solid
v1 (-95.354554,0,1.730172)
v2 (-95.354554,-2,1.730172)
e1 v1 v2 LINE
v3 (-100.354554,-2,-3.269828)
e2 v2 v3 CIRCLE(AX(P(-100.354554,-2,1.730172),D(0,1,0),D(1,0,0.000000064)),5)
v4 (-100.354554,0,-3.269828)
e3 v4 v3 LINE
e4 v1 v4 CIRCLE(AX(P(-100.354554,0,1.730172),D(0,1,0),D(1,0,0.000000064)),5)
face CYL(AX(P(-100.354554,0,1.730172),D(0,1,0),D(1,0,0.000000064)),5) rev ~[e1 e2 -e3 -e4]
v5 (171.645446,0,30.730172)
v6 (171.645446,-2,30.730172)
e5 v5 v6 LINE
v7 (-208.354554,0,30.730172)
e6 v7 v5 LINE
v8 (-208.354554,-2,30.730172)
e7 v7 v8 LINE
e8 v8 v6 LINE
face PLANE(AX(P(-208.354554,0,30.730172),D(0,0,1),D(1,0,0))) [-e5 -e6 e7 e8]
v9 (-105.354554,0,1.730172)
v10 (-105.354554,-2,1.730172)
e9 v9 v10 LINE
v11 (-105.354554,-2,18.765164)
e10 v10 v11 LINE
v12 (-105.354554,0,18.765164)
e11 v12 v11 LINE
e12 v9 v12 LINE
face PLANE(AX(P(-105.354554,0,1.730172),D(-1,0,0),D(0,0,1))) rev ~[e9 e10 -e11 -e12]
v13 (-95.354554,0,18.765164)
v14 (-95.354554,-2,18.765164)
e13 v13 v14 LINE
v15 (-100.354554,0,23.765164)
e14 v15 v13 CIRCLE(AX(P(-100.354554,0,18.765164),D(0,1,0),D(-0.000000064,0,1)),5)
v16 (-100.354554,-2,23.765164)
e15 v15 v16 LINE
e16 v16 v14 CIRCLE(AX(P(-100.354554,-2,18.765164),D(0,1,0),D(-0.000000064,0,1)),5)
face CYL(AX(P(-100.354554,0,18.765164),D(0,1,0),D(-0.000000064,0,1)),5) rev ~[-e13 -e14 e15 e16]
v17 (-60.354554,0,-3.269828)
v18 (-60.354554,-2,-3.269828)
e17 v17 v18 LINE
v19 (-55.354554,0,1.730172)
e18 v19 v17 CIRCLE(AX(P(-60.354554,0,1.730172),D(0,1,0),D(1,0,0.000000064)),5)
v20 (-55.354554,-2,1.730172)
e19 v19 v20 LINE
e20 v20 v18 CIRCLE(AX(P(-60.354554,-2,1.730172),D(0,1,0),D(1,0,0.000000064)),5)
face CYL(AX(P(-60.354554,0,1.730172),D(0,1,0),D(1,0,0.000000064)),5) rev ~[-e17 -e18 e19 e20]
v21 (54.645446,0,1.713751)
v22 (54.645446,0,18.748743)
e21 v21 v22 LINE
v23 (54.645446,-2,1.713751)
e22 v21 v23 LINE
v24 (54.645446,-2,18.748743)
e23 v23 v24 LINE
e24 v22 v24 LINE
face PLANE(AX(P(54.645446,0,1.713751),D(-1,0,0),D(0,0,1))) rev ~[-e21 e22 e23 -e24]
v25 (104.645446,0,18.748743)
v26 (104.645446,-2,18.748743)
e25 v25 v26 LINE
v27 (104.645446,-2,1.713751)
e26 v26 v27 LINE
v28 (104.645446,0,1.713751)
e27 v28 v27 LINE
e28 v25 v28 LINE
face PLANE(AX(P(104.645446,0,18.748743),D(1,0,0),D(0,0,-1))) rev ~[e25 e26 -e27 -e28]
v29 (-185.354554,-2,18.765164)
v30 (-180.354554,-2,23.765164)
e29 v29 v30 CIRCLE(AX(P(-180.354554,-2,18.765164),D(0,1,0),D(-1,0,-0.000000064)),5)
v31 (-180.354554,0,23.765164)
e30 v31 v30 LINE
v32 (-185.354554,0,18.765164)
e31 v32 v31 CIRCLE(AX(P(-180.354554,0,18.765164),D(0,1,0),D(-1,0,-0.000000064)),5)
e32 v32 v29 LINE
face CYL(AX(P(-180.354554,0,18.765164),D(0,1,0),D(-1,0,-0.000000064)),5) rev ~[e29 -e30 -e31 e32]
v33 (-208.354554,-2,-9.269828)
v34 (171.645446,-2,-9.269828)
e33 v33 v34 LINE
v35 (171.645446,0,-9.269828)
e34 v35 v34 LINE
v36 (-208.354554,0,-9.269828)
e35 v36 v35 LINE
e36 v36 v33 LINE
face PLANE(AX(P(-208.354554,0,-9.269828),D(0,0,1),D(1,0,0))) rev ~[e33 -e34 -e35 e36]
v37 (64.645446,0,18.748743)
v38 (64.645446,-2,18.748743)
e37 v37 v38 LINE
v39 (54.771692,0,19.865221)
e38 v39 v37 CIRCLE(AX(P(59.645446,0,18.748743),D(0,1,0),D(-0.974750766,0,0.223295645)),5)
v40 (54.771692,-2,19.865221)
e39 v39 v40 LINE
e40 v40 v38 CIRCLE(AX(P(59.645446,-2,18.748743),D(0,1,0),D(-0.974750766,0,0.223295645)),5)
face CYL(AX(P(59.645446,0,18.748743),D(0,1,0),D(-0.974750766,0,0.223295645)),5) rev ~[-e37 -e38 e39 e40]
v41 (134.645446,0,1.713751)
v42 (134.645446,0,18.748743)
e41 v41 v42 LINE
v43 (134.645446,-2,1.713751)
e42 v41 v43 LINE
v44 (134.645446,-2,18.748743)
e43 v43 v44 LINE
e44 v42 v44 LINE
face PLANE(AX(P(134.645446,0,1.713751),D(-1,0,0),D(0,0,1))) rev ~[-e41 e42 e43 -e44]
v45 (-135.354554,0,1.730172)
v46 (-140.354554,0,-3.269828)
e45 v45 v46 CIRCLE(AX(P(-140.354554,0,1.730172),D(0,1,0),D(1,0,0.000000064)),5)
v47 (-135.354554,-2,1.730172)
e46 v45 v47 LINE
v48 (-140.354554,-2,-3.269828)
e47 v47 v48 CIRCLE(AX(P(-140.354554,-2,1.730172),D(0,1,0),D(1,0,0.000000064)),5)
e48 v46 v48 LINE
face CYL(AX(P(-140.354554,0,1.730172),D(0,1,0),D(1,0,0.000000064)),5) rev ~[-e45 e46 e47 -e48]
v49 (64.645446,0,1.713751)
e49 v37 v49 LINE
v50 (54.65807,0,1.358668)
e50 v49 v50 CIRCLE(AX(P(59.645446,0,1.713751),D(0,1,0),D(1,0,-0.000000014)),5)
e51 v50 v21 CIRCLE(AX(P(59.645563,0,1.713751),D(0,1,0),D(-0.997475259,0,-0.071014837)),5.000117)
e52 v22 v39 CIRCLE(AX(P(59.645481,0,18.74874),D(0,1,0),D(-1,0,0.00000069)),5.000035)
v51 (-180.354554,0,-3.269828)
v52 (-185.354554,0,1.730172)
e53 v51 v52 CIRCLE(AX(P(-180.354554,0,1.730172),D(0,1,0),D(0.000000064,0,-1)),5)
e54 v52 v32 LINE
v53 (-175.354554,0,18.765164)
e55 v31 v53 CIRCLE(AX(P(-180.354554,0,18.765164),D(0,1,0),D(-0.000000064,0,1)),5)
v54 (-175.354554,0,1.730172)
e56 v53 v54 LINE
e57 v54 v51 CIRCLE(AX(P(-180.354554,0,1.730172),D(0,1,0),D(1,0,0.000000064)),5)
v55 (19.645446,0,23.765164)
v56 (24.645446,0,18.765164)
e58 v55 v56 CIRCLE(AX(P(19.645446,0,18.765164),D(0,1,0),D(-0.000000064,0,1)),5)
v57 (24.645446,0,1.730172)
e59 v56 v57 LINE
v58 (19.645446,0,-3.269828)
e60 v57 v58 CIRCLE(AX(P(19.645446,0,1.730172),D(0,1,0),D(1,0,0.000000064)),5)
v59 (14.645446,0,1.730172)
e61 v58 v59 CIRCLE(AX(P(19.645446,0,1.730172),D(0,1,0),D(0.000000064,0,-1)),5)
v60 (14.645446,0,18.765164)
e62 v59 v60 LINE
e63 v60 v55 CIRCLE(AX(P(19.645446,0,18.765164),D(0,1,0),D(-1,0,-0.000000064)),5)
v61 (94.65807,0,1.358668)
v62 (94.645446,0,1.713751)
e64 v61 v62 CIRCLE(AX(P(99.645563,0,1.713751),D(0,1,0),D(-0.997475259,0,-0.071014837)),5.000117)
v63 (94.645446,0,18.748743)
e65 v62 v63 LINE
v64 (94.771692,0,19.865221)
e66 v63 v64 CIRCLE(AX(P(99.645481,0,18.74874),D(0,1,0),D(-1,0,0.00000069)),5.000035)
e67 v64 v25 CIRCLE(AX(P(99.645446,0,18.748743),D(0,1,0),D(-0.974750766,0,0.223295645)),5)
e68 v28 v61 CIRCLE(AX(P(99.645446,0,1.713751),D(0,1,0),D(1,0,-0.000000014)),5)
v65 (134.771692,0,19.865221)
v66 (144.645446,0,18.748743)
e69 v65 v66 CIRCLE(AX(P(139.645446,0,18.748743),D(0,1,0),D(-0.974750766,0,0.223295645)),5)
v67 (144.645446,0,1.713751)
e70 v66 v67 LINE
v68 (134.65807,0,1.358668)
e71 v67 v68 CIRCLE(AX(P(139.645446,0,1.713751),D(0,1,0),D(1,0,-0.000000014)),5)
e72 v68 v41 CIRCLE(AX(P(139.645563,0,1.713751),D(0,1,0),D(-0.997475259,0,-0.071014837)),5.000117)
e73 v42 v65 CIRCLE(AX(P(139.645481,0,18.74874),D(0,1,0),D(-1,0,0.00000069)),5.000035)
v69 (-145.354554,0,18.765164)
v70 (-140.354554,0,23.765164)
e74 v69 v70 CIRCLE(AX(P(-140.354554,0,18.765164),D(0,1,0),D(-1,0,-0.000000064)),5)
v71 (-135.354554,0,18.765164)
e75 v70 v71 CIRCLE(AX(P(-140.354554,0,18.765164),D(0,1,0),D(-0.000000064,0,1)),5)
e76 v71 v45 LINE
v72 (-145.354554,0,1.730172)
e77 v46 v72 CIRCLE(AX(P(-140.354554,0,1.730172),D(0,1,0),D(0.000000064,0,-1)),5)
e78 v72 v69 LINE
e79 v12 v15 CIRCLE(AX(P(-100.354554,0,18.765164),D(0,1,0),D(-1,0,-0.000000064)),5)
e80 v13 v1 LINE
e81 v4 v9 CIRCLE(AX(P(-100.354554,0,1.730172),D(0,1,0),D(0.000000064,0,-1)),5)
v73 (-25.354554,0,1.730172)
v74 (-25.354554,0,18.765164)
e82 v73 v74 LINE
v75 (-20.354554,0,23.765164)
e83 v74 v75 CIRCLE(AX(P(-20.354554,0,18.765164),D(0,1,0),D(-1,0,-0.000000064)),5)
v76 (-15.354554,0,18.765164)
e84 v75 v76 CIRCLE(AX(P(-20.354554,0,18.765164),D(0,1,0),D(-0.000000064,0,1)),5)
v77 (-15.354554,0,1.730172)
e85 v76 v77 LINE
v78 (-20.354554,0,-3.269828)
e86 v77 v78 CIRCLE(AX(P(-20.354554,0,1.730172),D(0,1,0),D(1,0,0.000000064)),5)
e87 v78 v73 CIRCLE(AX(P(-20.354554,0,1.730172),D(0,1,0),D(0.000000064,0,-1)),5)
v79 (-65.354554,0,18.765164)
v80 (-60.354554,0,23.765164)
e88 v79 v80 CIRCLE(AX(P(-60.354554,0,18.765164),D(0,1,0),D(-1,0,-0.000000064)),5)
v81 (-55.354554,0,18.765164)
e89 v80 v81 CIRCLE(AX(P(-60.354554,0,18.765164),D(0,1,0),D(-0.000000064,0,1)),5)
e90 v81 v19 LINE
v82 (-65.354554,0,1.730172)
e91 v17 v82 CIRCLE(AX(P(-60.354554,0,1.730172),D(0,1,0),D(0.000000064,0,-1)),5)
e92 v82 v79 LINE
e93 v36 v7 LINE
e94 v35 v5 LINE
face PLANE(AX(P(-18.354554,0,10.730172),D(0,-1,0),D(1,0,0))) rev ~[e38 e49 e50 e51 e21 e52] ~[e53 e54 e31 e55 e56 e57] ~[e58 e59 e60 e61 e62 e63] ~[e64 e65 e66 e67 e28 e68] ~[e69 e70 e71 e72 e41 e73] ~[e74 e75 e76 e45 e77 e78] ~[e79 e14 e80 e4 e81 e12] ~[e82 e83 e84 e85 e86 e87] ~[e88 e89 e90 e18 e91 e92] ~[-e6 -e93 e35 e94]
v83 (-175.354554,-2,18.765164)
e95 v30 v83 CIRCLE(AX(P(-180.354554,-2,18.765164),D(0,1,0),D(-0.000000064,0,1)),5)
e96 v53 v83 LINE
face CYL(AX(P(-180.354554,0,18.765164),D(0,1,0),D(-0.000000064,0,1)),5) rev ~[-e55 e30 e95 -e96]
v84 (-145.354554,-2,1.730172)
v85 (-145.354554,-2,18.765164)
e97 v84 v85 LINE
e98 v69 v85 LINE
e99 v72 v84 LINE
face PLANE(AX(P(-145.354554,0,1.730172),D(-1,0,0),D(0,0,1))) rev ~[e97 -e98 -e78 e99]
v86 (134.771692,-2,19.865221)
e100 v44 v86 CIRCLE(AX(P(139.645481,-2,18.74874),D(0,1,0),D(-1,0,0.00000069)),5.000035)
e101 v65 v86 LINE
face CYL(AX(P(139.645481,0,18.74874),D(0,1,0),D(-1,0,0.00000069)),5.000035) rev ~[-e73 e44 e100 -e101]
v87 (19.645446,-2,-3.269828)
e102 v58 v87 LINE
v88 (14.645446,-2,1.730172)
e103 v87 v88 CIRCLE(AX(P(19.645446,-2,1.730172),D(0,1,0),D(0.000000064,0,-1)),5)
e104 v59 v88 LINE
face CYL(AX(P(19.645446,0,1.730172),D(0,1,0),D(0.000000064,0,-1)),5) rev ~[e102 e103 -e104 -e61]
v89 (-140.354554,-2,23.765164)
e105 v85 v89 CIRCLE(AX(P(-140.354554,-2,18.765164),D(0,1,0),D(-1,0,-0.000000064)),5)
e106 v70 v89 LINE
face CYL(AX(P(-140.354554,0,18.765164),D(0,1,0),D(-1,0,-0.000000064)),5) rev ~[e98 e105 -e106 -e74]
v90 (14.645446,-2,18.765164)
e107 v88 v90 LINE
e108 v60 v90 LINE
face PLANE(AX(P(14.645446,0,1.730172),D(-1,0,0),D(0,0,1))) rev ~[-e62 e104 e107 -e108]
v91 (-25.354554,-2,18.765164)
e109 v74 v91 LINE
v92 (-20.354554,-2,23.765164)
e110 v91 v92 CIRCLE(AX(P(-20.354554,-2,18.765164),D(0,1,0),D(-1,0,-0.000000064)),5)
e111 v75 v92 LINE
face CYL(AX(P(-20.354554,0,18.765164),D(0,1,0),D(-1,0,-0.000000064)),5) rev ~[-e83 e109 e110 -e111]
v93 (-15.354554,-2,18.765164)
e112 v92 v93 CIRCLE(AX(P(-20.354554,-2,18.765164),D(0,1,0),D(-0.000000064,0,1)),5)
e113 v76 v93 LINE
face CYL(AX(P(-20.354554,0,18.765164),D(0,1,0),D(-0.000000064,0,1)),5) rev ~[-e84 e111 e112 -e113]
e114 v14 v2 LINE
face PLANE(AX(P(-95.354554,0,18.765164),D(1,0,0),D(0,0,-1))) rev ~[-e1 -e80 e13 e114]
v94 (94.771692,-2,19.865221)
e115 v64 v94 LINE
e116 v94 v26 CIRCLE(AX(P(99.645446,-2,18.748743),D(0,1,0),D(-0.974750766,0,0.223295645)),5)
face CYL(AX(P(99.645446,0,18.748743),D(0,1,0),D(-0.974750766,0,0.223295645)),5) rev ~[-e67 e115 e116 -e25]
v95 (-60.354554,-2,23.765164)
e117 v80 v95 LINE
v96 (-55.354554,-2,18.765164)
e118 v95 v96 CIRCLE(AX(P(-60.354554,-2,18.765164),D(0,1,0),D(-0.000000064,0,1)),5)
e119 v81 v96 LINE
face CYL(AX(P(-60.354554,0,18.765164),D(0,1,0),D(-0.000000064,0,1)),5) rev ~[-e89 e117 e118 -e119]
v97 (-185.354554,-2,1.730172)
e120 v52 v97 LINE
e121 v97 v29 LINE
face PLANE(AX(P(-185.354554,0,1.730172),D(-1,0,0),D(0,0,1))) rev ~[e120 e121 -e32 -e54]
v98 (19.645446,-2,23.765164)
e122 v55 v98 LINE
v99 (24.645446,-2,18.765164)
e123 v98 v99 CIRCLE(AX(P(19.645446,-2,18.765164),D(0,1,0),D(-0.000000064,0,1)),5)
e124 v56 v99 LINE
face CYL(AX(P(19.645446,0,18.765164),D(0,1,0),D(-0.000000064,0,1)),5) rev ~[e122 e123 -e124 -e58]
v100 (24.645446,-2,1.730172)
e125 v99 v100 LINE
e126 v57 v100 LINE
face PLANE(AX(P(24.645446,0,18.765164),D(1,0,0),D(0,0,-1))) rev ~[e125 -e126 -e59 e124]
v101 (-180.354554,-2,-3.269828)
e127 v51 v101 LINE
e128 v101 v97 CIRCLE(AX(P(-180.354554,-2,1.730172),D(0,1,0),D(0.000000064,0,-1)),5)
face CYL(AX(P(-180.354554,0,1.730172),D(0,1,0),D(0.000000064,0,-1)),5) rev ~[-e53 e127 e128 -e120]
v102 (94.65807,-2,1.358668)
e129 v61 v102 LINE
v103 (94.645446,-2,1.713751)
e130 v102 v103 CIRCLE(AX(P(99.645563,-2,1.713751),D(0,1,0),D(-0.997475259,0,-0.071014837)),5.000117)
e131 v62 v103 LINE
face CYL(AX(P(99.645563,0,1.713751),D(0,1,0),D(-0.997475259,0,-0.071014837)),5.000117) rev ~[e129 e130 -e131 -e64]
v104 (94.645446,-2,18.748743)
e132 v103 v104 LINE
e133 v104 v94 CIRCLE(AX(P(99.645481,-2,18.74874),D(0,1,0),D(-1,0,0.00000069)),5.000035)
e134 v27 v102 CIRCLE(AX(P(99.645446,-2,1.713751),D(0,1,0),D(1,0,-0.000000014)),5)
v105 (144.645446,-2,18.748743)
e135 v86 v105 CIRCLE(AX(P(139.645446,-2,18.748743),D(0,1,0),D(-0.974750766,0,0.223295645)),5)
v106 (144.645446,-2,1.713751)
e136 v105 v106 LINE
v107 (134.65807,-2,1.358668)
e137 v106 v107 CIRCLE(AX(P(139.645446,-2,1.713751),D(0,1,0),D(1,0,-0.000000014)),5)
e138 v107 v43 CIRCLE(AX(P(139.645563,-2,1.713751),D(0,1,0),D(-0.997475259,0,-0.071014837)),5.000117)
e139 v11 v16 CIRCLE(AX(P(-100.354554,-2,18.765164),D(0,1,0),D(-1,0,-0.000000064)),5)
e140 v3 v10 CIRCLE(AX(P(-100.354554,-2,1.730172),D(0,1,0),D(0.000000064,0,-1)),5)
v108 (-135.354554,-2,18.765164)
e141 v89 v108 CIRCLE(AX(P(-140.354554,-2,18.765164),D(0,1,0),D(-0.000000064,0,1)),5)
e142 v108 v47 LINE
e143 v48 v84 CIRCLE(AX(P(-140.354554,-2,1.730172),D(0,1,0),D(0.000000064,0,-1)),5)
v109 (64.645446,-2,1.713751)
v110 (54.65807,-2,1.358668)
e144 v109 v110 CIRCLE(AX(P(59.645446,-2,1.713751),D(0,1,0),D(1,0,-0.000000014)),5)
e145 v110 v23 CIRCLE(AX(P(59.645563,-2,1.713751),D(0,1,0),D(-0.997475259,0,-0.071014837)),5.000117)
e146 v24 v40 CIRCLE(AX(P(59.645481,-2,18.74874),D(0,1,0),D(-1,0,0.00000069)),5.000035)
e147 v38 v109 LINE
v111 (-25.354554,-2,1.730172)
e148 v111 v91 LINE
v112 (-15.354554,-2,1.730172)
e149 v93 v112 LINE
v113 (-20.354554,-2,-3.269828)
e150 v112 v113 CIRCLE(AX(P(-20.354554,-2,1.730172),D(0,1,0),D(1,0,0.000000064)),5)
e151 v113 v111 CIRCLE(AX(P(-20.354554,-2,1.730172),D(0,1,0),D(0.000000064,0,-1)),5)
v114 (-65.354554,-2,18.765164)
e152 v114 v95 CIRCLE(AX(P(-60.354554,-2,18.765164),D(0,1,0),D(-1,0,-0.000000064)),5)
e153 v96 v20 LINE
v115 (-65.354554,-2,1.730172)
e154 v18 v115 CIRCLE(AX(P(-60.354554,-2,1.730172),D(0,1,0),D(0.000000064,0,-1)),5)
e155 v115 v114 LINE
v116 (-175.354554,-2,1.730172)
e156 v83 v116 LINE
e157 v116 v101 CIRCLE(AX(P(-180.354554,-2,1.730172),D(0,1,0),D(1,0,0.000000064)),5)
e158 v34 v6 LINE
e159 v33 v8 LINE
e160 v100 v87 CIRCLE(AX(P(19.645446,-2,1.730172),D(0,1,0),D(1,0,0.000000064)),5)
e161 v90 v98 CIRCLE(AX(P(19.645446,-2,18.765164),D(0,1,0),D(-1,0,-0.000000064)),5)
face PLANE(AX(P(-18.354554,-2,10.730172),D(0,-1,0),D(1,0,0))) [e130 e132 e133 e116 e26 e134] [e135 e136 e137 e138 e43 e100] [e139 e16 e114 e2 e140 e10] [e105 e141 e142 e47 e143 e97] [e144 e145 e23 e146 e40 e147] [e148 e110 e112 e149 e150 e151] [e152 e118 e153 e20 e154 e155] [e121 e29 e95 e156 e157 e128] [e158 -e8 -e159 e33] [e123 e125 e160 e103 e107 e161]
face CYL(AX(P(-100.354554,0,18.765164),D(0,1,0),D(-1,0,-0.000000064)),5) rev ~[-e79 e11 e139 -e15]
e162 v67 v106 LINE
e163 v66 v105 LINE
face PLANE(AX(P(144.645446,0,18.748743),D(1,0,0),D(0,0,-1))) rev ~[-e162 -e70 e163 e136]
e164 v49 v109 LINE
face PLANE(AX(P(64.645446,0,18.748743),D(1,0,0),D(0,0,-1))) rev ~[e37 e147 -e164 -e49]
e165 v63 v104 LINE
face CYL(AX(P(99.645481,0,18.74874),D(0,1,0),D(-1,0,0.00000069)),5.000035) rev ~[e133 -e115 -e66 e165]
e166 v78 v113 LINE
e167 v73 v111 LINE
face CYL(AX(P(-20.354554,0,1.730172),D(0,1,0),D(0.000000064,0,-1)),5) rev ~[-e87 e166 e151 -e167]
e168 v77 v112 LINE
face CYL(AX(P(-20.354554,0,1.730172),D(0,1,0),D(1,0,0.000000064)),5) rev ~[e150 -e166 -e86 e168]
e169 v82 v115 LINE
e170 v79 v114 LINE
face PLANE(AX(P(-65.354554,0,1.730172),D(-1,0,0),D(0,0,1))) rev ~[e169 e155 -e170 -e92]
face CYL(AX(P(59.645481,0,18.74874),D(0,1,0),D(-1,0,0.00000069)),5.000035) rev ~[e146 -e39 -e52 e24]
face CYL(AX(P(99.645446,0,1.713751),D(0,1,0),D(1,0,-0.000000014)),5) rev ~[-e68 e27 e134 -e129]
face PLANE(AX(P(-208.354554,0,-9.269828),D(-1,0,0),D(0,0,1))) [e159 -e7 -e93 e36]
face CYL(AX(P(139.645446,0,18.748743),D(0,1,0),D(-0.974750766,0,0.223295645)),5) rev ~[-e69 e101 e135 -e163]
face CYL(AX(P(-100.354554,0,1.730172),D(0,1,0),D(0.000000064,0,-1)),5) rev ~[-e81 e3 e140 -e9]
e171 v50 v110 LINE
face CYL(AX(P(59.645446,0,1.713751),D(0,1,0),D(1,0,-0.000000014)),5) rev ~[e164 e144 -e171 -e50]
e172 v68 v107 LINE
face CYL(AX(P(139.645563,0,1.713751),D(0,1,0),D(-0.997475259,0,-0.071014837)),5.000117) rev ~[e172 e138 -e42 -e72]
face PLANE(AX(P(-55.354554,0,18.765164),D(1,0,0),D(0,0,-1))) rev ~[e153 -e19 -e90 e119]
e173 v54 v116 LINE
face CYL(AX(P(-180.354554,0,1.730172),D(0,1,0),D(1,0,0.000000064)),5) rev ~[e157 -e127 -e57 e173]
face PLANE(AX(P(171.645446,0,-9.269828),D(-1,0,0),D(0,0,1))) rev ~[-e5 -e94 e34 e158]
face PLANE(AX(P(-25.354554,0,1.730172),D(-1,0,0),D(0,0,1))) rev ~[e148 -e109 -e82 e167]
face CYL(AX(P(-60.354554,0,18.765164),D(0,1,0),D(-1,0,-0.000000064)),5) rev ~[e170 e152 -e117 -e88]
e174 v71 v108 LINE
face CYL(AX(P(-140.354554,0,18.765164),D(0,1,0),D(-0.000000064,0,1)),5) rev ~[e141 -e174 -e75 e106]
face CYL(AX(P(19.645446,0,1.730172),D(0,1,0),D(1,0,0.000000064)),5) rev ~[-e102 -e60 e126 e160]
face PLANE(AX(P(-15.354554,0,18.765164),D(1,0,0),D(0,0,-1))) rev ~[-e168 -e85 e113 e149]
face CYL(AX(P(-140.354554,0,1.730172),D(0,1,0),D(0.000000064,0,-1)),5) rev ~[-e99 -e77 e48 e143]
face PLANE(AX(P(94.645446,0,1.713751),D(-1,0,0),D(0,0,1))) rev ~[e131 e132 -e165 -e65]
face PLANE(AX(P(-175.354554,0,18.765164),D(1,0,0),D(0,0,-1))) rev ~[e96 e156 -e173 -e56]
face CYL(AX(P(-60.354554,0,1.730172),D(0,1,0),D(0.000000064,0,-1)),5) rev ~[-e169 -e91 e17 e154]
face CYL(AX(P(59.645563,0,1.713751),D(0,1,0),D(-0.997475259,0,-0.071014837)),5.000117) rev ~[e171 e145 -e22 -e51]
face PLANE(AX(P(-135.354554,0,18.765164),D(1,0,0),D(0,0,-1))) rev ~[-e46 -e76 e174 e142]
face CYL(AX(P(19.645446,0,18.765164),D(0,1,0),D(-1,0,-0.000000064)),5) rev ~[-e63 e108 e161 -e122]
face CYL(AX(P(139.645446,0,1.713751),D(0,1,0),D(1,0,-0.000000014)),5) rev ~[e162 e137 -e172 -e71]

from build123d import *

# Parameters (mm, degrees)
F0_W     = 380
F0_H     = 40
F1_DEPTH = 2


with BuildPart() as f1:
    # F0 (on Front) → F1 (new body)
    with BuildSketch(Plane.XZ):
        with Locations((-18.354554, 10.730172)):
            Rectangle(F0_W, F0_H)
        with BuildLine():
            ThreePointArc((-180.354554, 23.765164), (-176.81902, 22.300698), (-175.354554, 18.765164))
            Line((-175.354554, 18.765164), (-175.354554, 1.730172))
            ThreePointArc((-175.354554, 1.730172), (-176.81902, -1.805362), (-180.354554, -3.269828))
            ThreePointArc((-180.354554, -3.269828), (-183.890088, -1.805362), (-185.354554, 1.730172))
            Line((-185.354554, 1.730172), (-185.354554, 18.765164))
            ThreePointArc((-185.354554, 18.765164), (-183.890088, 22.300698), (-180.354554, 23.765164))
        make_face(mode=Mode.SUBTRACT)
        with BuildLine():
            ThreePointArc((-140.354554, 23.765164), (-136.81902, 22.300698), (-135.354554, 18.765164))
            Line((-135.354554, 18.765164), (-135.354554, 1.730172))
            ThreePointArc((-135.354554, 1.730172), (-136.81902, -1.805362), (-140.354554, -3.269828))
            ThreePointArc((-140.354554, -3.269828), (-143.890088, -1.805362), (-145.354554, 1.730172))
            Line((-145.354554, 1.730172), (-145.354554, 18.765164))
            ThreePointArc((-145.354554, 18.765164), (-143.890088, 22.300698), (-140.354554, 23.765164))
        make_face(mode=Mode.SUBTRACT)
        with BuildLine():
            ThreePointArc((-100.354554, 23.765164), (-96.81902, 22.300698), (-95.354554, 18.765164))
            Line((-95.354554, 18.765164), (-95.354554, 1.730172))
            ThreePointArc((-95.354554, 1.730172), (-96.81902, -1.805362), (-100.354554, -3.269828))
            ThreePointArc((-100.354554, -3.269828), (-103.890088, -1.805362), (-105.354554, 1.730172))
            Line((-105.354554, 1.730172), (-105.354554, 18.765164))
            ThreePointArc((-105.354554, 18.765164), (-103.890088, 22.300698), (-100.354554, 23.765164))
        make_face(mode=Mode.SUBTRACT)
        with BuildLine():
            ThreePointArc((-60.354554, 23.765164), (-56.81902, 22.300698), (-55.354554, 18.765164))
            Line((-55.354554, 18.765164), (-55.354554, 1.730172))
            ThreePointArc((-55.354554, 1.730172), (-56.81902, -1.805362), (-60.354554, -3.269828))
            ThreePointArc((-60.354554, -3.269828), (-63.890088, -1.805362), (-65.354554, 1.730172))
            Line((-65.354554, 1.730172), (-65.354554, 18.765164))
            ThreePointArc((-65.354554, 18.765164), (-63.890088, 22.300698), (-60.354554, 23.765164))
        make_face(mode=Mode.SUBTRACT)
        with BuildLine():
            ThreePointArc((-20.354554, 23.765164), (-16.81902, 22.300698), (-15.354554, 18.765164))
            Line((-15.354554, 18.765164), (-15.354554, 1.730172))
            ThreePointArc((-15.354554, 1.730172), (-16.81902, -1.805362), (-20.354554, -3.269828))
            ThreePointArc((-20.354554, -3.269828), (-23.890088, -1.805362), (-25.354554, 1.730172))
            Line((-25.354554, 1.730172), (-25.354554, 18.765164))
            ThreePointArc((-25.354554, 18.765164), (-23.890088, 22.300698), (-20.354554, 23.765164))
        make_face(mode=Mode.SUBTRACT)
        with BuildLine():
            ThreePointArc((19.645446, 23.765164), (23.18098, 22.300698), (24.645446, 18.765164))
            Line((24.645446, 18.765164), (24.645446, 1.730172))
            ThreePointArc((24.645446, 1.730172), (23.18098, -1.805362), (19.645446, -3.269828))
            ThreePointArc((19.645446, -3.269828), (16.109912, -1.805362), (14.645446, 1.730172))
            Line((14.645446, 1.730172), (14.645446, 18.765164))
            ThreePointArc((14.645446, 18.765164), (16.109912, 22.300698), (19.645446, 23.765164))
        make_face(mode=Mode.SUBTRACT)
        with BuildLine():
            ThreePointArc((54.771692, 19.865221), (60.207243, 23.717081), (64.645446, 18.748743))
            Line((64.645446, 18.748743), (64.645446, 1.713751))
            ThreePointArc((64.645446, 1.713751), (59.8231, -3.283092), (54.65807, 1.358668))
            ThreePointArc((54.65807, 1.358668), (54.648603, 1.536097), (54.645446, 1.713751))
            Line((54.645446, 1.713751), (54.645446, 18.748743))
            ThreePointArc((54.645446, 18.748743), (54.677108, 19.31054), (54.771692, 19.865221))
        make_face(mode=Mode.SUBTRACT)
        with BuildLine():
            ThreePointArc((94.771692, 19.865221), (100.207243, 23.717081), (104.645446, 18.748743))
            Line((104.645446, 18.748743), (104.645446, 1.713751))
            ThreePointArc((104.645446, 1.713751), (99.8231, -3.283092), (94.65807, 1.358668))
            ThreePointArc((94.65807, 1.358668), (94.648603, 1.536097), (94.645446, 1.713751))
            Line((94.645446, 1.713751), (94.645446, 18.748743))
            ThreePointArc((94.645446, 18.748743), (94.677108, 19.31054), (94.771692, 19.865221))
        make_face(mode=Mode.SUBTRACT)
        with BuildLine():
            ThreePointArc((134.771692, 19.865221), (140.207243, 23.717081), (144.645446, 18.748743))
            Line((144.645446, 18.748743), (144.645446, 1.713751))
            ThreePointArc((144.645446, 1.713751), (139.8231, -3.283092), (134.65807, 1.358668))
            ThreePointArc((134.65807, 1.358668), (134.648603, 1.536097), (134.645446, 1.713751))
            Line((134.645446, 1.713751), (134.645446, 18.748743))
            ThreePointArc((134.645446, 18.748743), (134.677108, 19.31054), (134.771692, 19.865221))
        make_face(mode=Mode.SUBTRACT)
    extrude(amount=F1_DEPTH)


solid = f1.part
